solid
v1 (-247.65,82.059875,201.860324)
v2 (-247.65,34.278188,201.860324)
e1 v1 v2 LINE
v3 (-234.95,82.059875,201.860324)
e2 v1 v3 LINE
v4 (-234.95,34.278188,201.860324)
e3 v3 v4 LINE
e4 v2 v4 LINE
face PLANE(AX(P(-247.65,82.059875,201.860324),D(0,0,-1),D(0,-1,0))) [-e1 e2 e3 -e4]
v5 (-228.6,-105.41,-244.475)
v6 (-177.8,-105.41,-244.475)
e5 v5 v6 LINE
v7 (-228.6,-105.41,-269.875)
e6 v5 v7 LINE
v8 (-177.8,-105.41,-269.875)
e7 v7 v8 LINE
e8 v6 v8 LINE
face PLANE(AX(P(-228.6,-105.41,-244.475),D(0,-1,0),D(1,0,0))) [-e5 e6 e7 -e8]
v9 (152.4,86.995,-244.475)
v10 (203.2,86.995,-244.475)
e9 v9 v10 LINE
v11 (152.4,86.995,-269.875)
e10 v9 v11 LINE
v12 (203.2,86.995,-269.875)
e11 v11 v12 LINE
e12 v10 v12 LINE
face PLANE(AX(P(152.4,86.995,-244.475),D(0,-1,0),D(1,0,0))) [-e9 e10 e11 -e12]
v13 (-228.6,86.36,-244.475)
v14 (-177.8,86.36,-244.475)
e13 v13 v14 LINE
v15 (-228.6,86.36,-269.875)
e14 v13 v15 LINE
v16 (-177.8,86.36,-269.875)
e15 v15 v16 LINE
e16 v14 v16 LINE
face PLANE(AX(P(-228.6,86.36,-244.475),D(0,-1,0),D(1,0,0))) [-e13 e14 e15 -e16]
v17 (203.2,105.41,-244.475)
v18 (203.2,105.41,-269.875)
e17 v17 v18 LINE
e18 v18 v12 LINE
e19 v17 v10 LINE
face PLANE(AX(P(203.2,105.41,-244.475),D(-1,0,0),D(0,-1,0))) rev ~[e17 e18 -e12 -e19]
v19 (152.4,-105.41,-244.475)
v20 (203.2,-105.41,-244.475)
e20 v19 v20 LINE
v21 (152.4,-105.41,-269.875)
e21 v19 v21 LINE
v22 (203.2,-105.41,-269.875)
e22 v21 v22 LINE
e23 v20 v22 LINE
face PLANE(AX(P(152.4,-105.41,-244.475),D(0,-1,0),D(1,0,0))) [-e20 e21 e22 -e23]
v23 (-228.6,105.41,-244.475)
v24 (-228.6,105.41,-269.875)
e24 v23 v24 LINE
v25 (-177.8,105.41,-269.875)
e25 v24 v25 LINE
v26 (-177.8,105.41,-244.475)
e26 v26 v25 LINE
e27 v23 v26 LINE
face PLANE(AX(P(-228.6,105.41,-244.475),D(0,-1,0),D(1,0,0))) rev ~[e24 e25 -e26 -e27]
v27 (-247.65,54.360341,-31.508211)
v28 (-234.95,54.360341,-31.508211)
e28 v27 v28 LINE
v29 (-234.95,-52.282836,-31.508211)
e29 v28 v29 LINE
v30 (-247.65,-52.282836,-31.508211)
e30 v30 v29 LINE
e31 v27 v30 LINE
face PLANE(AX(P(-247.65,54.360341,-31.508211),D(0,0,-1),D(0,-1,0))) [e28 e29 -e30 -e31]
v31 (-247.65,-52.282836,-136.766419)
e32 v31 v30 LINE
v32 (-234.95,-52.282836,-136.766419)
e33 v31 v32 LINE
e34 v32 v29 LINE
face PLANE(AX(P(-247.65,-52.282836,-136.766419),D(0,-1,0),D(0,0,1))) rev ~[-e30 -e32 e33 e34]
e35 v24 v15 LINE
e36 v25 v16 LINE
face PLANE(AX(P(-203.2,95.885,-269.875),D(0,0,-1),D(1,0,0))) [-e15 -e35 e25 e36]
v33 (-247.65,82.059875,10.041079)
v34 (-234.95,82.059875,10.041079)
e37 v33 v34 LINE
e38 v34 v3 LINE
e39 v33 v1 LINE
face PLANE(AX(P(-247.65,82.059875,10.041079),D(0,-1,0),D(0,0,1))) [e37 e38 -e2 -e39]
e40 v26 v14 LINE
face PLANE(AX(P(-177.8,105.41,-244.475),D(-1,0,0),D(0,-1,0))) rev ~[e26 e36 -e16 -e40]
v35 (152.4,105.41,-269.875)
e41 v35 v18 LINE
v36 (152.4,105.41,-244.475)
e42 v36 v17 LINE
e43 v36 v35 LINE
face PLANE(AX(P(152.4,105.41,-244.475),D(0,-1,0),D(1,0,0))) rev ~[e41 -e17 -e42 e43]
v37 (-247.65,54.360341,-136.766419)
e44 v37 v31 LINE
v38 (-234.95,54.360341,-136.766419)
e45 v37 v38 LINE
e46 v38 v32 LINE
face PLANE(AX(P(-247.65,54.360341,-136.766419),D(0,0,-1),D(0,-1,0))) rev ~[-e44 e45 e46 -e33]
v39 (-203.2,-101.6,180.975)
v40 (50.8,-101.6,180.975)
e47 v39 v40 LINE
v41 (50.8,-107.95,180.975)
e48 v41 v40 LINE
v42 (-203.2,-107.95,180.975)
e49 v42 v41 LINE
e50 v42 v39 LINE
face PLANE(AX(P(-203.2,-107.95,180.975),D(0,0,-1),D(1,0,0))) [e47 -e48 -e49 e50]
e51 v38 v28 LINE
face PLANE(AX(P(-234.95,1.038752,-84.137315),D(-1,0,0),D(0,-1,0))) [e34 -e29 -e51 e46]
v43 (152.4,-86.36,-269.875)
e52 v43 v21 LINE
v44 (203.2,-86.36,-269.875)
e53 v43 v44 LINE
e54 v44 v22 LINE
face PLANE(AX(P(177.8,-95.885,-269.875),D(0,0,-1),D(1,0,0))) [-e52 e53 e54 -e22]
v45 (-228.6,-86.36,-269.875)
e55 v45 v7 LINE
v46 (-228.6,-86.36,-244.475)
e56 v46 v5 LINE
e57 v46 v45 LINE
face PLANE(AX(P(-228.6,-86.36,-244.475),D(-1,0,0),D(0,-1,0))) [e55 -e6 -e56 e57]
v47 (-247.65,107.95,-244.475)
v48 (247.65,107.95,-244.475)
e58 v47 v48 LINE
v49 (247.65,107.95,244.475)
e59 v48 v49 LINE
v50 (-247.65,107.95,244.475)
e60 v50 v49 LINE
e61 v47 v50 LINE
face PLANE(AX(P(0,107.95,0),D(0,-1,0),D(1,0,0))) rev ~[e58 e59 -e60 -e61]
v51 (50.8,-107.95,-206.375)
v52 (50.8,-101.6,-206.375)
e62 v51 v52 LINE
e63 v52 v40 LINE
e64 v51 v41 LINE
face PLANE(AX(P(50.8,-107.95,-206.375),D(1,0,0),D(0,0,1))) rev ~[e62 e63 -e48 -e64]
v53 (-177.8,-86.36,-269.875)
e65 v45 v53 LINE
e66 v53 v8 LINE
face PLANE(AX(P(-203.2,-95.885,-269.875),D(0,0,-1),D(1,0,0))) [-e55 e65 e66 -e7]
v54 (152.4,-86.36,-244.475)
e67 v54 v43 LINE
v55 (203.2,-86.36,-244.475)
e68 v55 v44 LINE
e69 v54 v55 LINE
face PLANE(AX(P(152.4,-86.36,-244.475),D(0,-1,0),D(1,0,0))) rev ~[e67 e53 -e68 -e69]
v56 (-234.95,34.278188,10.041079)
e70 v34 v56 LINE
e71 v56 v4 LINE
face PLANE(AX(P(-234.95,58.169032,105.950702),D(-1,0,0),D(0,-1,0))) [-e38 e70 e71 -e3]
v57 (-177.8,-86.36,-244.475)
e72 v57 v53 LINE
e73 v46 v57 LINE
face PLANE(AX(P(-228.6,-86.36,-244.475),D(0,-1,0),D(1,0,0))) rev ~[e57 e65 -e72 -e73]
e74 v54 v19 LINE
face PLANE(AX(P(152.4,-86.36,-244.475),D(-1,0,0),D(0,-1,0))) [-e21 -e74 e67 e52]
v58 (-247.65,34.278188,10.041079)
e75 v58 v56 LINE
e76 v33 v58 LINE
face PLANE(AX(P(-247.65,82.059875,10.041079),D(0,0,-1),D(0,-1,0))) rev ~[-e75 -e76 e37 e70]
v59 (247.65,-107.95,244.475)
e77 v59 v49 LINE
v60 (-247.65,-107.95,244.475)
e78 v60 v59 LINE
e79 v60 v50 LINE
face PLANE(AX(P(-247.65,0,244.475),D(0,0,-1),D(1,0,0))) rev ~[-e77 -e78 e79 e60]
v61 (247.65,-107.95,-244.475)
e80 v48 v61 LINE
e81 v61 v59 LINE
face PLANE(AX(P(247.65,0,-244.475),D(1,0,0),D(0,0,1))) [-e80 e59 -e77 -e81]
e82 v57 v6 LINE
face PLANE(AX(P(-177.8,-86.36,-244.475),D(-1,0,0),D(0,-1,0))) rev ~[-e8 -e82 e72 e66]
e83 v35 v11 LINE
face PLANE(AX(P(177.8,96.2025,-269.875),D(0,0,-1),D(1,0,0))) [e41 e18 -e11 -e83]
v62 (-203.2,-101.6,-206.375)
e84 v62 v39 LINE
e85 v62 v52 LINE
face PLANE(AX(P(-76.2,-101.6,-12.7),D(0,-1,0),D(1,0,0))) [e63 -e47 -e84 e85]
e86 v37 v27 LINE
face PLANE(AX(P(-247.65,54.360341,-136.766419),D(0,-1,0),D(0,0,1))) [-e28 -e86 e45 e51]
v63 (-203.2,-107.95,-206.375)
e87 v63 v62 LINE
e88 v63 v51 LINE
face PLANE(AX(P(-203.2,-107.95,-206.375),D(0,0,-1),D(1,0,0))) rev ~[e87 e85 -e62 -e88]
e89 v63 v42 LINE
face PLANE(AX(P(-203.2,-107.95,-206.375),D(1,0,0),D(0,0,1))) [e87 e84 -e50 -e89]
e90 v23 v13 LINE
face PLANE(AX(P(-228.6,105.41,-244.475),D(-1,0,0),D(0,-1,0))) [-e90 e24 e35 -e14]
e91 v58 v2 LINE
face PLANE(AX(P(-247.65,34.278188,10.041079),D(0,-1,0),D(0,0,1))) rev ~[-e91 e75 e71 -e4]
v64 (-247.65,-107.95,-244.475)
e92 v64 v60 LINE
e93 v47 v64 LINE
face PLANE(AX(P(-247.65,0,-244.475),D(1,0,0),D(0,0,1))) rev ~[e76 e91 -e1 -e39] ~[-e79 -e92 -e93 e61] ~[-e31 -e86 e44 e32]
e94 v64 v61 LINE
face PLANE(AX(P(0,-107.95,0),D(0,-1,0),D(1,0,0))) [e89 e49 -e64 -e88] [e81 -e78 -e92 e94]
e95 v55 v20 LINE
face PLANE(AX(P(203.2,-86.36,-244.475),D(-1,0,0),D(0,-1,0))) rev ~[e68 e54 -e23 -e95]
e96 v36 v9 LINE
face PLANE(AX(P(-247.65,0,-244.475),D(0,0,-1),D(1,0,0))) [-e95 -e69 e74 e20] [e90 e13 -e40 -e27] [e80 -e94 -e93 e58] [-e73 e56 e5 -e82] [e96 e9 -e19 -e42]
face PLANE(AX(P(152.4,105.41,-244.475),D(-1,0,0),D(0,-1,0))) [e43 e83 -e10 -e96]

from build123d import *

# Parameters (mm, degrees)
F0_W     = 495.3
F0_H     = 488.95
F1_DEPTH = 107.95
F2_W     = 254
F2_H     = 387.35
F3_DEPTH = 6.35
F4_W     = 50.8
F4_H     = 19.05
F4_H_2   = 18.415
F5_DEPTH = 25.4
F6_W     = 106.6431775689
F6_H     = 105.2582077682
F6_W_2   = 47.7816872299
F6_H_2   = 191.8192440644
F7_DEPTH = 12.7


with BuildPart() as f1:
    # F0 (on Front) → F1 (new body, symmetric)
    with BuildSketch(Plane.XZ):
        Rectangle(F0_W, F0_H)
    extrude(amount=F1_DEPTH, both=True)

    # F2 (on face) → F3 (cut)
    with BuildSketch(Plane.XZ.offset(107.95)):
        with Locations((-76.2, -12.7)):
            Rectangle(F2_W, F2_H)
    extrude(amount=-F3_DEPTH, mode=Mode.SUBTRACT)

    # F4 (on face) → F5 (join)
    with BuildSketch(Plane(origin=(0, 0, -244.475), x_dir=(1, 0, 0), z_dir=(0, 0, -1))):
        with Locations((-203.2, 95.885)):
            Rectangle(F4_W, F4_H)
        with Locations((177.8, 95.885)):
            Rectangle(F4_W, F4_H)
        with Locations((177.8, -96.2025)):
            Rectangle(F4_W, F4_H_2)
        with Locations((-203.2, -95.885)):
            Rectangle(F4_W, F4_H)
    extrude(amount=F5_DEPTH)

    # F6 (on face) → F7 (cut)
    with BuildSketch(Plane(origin=(-247.65, 0, 0), x_dir=(0, -1, 0), z_dir=(-1, 0, 0))):
        with Locations((-1.0387524962, -84.1373149306)):
            Rectangle(F6_W, F6_H)
        with Locations((-58.1690315157, 105.9507015161)):
            Rectangle(F6_W_2, F6_H_2)
    extrude(amount=-F7_DEPTH, mode=Mode.SUBTRACT)


solid = f1.part
